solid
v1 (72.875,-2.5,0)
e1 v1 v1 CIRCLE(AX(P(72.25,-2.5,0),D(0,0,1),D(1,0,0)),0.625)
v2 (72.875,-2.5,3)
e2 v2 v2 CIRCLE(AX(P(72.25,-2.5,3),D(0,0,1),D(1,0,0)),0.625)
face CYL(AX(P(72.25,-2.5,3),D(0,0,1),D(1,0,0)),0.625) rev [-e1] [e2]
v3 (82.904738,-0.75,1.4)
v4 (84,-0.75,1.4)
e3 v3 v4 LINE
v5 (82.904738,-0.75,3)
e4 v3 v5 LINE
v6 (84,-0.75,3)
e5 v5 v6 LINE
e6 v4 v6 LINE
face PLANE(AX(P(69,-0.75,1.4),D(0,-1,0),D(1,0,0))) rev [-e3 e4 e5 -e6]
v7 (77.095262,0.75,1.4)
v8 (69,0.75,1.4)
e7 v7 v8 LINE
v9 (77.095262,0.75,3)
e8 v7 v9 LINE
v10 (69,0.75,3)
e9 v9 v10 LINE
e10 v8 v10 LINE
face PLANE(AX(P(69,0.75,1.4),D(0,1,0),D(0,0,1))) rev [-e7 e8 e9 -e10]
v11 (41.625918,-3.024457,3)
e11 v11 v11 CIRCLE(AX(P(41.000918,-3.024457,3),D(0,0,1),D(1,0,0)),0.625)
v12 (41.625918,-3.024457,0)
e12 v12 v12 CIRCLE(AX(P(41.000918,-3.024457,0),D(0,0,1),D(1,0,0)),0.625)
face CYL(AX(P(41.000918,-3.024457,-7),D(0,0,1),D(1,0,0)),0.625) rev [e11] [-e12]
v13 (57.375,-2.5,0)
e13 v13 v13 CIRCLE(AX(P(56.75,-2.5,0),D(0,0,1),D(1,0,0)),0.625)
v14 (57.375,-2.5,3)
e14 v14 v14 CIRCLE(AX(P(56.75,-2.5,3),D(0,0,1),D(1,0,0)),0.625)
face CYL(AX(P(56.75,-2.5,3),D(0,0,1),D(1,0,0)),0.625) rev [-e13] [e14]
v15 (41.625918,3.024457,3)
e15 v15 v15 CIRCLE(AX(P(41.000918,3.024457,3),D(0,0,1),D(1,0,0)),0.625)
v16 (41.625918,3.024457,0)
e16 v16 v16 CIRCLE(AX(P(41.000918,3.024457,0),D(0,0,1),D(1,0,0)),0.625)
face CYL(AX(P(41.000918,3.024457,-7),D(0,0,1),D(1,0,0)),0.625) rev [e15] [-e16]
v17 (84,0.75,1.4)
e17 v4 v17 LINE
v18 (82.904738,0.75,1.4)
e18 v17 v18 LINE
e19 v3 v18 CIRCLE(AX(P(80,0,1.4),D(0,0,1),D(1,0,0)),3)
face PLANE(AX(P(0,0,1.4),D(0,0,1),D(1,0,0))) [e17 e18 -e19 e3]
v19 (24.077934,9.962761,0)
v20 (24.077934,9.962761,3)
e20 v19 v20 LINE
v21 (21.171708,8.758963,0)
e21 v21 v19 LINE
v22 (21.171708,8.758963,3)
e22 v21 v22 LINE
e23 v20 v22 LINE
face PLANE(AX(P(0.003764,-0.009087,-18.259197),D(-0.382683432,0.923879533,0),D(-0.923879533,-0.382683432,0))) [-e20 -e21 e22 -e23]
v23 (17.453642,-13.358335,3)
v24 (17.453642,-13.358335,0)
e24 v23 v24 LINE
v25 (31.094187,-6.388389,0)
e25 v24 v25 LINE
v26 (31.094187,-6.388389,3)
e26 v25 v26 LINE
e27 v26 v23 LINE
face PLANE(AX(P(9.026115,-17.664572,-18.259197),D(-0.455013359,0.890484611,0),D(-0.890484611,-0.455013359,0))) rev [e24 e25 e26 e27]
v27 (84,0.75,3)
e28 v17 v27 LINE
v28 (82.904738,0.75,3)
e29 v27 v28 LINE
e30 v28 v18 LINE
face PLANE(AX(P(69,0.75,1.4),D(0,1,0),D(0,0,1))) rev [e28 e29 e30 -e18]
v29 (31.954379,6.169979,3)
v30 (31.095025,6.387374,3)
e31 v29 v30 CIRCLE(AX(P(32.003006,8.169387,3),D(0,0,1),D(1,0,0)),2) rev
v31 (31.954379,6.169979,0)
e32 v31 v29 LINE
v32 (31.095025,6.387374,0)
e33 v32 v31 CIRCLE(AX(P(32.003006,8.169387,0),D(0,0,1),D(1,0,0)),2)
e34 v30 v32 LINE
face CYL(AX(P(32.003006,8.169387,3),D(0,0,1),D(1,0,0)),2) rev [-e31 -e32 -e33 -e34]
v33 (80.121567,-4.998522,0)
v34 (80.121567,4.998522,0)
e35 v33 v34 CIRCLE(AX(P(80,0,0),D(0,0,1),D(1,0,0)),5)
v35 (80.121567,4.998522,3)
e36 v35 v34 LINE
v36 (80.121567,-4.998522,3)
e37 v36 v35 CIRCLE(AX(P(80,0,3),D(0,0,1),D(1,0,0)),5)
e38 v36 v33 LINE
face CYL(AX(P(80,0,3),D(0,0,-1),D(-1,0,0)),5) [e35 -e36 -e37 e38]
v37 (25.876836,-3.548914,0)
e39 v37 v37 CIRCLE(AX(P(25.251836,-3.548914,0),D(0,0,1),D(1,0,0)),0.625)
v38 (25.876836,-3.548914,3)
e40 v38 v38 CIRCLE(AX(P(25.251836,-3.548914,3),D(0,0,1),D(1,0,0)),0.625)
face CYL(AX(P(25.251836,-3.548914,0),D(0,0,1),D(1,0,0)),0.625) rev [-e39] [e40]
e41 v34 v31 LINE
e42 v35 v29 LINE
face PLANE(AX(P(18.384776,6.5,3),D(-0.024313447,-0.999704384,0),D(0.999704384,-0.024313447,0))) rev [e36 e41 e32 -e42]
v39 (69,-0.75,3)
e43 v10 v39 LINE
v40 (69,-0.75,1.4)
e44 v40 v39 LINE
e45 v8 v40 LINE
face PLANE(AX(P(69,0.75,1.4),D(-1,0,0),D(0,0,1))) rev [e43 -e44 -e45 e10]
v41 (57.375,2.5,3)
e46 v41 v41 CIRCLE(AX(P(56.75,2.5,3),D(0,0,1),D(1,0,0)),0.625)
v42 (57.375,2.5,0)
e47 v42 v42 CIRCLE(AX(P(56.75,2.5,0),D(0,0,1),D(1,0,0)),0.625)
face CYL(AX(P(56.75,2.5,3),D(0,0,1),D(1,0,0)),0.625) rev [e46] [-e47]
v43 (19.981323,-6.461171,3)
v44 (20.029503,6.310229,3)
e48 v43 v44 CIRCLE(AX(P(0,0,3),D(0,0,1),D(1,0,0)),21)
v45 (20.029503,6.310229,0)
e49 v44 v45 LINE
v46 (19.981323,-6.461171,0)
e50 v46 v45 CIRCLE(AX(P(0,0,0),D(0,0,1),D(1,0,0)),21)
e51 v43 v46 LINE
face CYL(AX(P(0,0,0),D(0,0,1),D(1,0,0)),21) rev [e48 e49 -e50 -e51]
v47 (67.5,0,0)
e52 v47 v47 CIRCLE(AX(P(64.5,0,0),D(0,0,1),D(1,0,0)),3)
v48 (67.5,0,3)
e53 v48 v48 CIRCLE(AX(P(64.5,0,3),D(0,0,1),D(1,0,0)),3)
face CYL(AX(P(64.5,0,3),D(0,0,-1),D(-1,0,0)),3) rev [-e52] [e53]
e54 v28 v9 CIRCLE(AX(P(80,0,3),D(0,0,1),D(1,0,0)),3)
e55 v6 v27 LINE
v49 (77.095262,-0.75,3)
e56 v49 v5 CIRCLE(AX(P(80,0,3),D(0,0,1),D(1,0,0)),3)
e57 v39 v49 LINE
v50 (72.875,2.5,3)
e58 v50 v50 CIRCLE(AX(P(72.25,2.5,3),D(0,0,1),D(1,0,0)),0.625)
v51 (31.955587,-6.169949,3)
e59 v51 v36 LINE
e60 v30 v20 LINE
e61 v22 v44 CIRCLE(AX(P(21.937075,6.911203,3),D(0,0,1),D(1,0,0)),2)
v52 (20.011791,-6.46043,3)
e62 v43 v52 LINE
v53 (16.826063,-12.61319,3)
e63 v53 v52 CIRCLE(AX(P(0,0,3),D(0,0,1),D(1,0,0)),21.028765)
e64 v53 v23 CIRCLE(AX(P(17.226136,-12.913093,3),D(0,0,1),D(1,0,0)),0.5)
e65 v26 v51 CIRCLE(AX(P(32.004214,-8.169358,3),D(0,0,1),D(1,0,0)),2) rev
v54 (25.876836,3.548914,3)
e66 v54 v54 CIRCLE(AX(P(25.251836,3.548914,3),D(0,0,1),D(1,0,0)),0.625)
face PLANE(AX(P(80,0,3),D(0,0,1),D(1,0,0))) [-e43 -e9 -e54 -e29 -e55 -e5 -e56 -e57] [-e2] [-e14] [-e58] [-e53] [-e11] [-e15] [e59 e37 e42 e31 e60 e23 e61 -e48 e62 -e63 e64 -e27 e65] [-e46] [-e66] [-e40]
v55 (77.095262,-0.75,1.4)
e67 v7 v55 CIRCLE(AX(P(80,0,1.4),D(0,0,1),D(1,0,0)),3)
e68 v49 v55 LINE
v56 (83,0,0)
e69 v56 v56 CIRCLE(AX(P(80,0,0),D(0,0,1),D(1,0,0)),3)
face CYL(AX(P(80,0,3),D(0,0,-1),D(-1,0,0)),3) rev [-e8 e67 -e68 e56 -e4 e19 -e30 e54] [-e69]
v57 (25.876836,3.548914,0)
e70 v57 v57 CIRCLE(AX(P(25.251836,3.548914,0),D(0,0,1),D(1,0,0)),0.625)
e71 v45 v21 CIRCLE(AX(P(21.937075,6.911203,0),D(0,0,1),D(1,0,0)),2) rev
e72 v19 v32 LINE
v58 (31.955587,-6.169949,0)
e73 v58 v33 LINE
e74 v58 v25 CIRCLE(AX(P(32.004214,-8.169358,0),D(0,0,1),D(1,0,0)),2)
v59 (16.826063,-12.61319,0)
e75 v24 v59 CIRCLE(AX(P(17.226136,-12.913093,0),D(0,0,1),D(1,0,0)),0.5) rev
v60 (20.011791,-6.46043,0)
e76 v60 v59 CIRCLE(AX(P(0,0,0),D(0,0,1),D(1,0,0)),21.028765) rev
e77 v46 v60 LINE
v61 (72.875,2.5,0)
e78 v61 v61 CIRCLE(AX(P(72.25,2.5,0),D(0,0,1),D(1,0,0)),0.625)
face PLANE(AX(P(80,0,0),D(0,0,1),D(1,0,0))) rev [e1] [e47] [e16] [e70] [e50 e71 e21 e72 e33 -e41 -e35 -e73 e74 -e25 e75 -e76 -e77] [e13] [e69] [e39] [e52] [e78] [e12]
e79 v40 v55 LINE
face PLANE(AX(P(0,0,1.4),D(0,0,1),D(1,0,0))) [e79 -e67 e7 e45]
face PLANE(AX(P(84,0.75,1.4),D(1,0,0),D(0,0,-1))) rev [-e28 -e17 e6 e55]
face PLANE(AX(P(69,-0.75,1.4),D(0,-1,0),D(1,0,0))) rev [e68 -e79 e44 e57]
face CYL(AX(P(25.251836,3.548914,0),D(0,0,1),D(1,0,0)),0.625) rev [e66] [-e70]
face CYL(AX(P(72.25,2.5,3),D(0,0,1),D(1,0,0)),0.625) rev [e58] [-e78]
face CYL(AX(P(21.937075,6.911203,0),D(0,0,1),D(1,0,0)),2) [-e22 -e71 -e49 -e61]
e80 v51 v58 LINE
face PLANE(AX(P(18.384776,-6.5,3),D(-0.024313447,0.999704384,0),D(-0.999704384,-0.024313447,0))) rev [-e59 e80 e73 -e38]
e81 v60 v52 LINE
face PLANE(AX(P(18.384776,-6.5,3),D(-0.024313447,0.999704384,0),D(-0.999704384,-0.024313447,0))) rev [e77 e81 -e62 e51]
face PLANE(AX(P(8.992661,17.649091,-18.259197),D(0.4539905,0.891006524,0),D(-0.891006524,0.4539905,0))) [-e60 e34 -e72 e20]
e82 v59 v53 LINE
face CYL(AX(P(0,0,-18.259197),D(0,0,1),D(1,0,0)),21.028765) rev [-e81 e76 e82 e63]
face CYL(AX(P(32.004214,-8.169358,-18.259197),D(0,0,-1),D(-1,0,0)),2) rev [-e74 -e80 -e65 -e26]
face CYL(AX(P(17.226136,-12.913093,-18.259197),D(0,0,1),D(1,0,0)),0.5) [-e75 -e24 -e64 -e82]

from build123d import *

# Parameters (mm, degrees)
SKETCH1_R                = 13.5
SKETCH1_R_2              = 3
BOSS_EXTRUDE1_DEPTH      = 3
M2_CLEARANCE_HOLE1_D     = 2.4
M2_CLEARANCE_HOLE1_DEPTH = 11.5
CIRPATTERN1_COUNT        = 12
TROU_TARAUD_M1_61_D      = 1.25
ESQUISSE1_R              = 21
ENL_V_MAT_EXTRU_1_DEPTH  = 4
ESQUISSE2_R              = 0.625
ENL_V_MAT_EXTRU_2_DEPTH  = 4
ESQUISSE4_W              = 15
ESQUISSE4_H              = 1.5
ENL_V_MAT_EXTRU_3_DEPTH  = 1.6
ESQUISSE5_R              = 0.625
ENL_V_MAT_EXTRU_4_DEPTH  = 10
BOSS_EXTRU_3_DEPTH       = 3
CONG_2_R                 = 2
CONG_3_R                 = 2
CONG_4_R                 = 0.5


with BuildPart() as part:
    # Sketch1 → Boss-Extrude1 (new body)
    with BuildSketch(Plane.XY):
        with BuildLine():
            Line((18.384776311, 6.5), (80.121567237, 4.998521922))
            ThreePointArc((80.121567237, 4.998521922), (85, 0), (80.121567237, -4.998521922))
            Line((80.121567237, -4.998521922), (18.384776311, -6.5))
            ThreePointArc((18.384776311, -6.5), (-19.5, 0), (18.384776311, 6.5))
        make_face()
        Circle(SKETCH1_R, mode=Mode.SUBTRACT)
        with Locations((64.5, 0)):
            Circle(SKETCH1_R_2, mode=Mode.SUBTRACT)
        with Locations((80, 0)):
            Circle(SKETCH1_R_2, mode=Mode.SUBTRACT)
    extrude(amount=BOSS_EXTRUDE1_DEPTH)

    # M2 Clearance Hole1
    with Locations(Plane.XY.offset(3)):
        with Locations((0, 16.5)):
            m2_clearance_hole1 = Hole(M2_CLEARANCE_HOLE1_D / 2, depth=M2_CLEARANCE_HOLE1_DEPTH)

    # CirPattern1: M2 Clearance Hole1 ×12 about axis
    cirpattern1_axis = Axis((0, 0, 0), (0, 0, 1))
    for i in range(1, CIRPATTERN1_COUNT):
        add(m2_clearance_hole1.rotate(cirpattern1_axis, i * 360 / CIRPATTERN1_COUNT), mode=Mode.SUBTRACT)

    # Trou taraudé M1.61 (through all)
    with Locations(Plane.XY.offset(3)):
        with Locations((56.75, 2.5), (72.25, 2.5), (72.25, -2.5), (56.75, -2.5)):
            Hole(TROU_TARAUD_M1_61_D / 2)

    # Esquisse1 → Enlèv. mat.-Extru.1 (cut, through all)
    with BuildSketch(Plane.XY.offset(3)):
        Circle(ESQUISSE1_R)
    extrude(amount=-ENL_V_MAT_EXTRU_1_DEPTH, mode=Mode.SUBTRACT)

    # Esquisse2 → Enlèv. mat.-Extru.2 (cut, through all)
    with BuildSketch(Plane.XY.offset(3)):
        with Locations((25.251835753, 3.548914074)):
            Circle(ESQUISSE2_R)
        with Locations((25.251835753, -3.548914074)):
            Circle(ESQUISSE2_R)
    extrude(amount=-ENL_V_MAT_EXTRU_2_DEPTH, mode=Mode.SUBTRACT)

    # Esquisse4 → Enlèv. mat.-Extru.3 (cut)
    with BuildSketch(Plane.XY.offset(3)):
        with Locations((76.5, 0)):
            Rectangle(ESQUISSE4_W, ESQUISSE4_H)
    extrude(amount=-ENL_V_MAT_EXTRU_3_DEPTH, mode=Mode.SUBTRACT)

    # Esquisse5 → Enlèv. mat.-Extru.4 (cut)
    with BuildSketch(Plane.XY.offset(3)):
        with Locations((41.000917876, 3.024457037)):
            Circle(ESQUISSE5_R)
        with Locations((41.000917876, -3.024457037)):
            Circle(ESQUISSE5_R)
    extrude(amount=-ENL_V_MAT_EXTRU_4_DEPTH, mode=Mode.SUBTRACT)

    # Esquisse6 → Boss.-Extru.3 (add)
    with BuildSketch(Plane.XY.offset(3)):
        with BuildLine():
            Line((19.981323023, 6.461170967), (31.5, 6.181029406))
            Line((31.5, 6.181029406), (24.077934309, 9.962760764))
            Line((24.077934309, 9.962760764), (19.405232048, 8.027264114))
            ThreePointArc((19.405232048, 8.027264114), (19.708839185, 7.249941929), (19.981323023, 6.461170967))
        make_face()
        with BuildLine():
            Line((15.240466078, -14.489207955), (31.5, -6.181029406))
            Line((31.5, -6.181029406), (20.01179148, -6.460429955))
            ThreePointArc((20.01179148, -6.460429955), (18.077492491, -10.743054438), (15.240466078, -14.489207955))
        make_face()
    extrude(amount=-BOSS_EXTRU_3_DEPTH)

    # Congé2
    cong_2_edges = [part.edges().sort_by_distance(p)[0] for p in [
        (19.405232048, 8.027264114, 1.5),
    ]]
    fillet(cong_2_edges, radius=CONG_2_R)

    # Congé3
    cong_3_edges = [part.edges().sort_by_distance(p)[0] for p in [
        (31.5, 6.181029406, 1.5),
        (31.5, -6.181029406, 1.5),
    ]]
    fillet(cong_3_edges, radius=CONG_3_R)

    # Congé4
    cong_4_edges = [part.edges().sort_by_distance(p)[0] for p in [
        (15.240466078, -14.489207955, 1.5),
    ]]
    fillet(cong_4_edges, radius=CONG_4_R)


solid = part.part
